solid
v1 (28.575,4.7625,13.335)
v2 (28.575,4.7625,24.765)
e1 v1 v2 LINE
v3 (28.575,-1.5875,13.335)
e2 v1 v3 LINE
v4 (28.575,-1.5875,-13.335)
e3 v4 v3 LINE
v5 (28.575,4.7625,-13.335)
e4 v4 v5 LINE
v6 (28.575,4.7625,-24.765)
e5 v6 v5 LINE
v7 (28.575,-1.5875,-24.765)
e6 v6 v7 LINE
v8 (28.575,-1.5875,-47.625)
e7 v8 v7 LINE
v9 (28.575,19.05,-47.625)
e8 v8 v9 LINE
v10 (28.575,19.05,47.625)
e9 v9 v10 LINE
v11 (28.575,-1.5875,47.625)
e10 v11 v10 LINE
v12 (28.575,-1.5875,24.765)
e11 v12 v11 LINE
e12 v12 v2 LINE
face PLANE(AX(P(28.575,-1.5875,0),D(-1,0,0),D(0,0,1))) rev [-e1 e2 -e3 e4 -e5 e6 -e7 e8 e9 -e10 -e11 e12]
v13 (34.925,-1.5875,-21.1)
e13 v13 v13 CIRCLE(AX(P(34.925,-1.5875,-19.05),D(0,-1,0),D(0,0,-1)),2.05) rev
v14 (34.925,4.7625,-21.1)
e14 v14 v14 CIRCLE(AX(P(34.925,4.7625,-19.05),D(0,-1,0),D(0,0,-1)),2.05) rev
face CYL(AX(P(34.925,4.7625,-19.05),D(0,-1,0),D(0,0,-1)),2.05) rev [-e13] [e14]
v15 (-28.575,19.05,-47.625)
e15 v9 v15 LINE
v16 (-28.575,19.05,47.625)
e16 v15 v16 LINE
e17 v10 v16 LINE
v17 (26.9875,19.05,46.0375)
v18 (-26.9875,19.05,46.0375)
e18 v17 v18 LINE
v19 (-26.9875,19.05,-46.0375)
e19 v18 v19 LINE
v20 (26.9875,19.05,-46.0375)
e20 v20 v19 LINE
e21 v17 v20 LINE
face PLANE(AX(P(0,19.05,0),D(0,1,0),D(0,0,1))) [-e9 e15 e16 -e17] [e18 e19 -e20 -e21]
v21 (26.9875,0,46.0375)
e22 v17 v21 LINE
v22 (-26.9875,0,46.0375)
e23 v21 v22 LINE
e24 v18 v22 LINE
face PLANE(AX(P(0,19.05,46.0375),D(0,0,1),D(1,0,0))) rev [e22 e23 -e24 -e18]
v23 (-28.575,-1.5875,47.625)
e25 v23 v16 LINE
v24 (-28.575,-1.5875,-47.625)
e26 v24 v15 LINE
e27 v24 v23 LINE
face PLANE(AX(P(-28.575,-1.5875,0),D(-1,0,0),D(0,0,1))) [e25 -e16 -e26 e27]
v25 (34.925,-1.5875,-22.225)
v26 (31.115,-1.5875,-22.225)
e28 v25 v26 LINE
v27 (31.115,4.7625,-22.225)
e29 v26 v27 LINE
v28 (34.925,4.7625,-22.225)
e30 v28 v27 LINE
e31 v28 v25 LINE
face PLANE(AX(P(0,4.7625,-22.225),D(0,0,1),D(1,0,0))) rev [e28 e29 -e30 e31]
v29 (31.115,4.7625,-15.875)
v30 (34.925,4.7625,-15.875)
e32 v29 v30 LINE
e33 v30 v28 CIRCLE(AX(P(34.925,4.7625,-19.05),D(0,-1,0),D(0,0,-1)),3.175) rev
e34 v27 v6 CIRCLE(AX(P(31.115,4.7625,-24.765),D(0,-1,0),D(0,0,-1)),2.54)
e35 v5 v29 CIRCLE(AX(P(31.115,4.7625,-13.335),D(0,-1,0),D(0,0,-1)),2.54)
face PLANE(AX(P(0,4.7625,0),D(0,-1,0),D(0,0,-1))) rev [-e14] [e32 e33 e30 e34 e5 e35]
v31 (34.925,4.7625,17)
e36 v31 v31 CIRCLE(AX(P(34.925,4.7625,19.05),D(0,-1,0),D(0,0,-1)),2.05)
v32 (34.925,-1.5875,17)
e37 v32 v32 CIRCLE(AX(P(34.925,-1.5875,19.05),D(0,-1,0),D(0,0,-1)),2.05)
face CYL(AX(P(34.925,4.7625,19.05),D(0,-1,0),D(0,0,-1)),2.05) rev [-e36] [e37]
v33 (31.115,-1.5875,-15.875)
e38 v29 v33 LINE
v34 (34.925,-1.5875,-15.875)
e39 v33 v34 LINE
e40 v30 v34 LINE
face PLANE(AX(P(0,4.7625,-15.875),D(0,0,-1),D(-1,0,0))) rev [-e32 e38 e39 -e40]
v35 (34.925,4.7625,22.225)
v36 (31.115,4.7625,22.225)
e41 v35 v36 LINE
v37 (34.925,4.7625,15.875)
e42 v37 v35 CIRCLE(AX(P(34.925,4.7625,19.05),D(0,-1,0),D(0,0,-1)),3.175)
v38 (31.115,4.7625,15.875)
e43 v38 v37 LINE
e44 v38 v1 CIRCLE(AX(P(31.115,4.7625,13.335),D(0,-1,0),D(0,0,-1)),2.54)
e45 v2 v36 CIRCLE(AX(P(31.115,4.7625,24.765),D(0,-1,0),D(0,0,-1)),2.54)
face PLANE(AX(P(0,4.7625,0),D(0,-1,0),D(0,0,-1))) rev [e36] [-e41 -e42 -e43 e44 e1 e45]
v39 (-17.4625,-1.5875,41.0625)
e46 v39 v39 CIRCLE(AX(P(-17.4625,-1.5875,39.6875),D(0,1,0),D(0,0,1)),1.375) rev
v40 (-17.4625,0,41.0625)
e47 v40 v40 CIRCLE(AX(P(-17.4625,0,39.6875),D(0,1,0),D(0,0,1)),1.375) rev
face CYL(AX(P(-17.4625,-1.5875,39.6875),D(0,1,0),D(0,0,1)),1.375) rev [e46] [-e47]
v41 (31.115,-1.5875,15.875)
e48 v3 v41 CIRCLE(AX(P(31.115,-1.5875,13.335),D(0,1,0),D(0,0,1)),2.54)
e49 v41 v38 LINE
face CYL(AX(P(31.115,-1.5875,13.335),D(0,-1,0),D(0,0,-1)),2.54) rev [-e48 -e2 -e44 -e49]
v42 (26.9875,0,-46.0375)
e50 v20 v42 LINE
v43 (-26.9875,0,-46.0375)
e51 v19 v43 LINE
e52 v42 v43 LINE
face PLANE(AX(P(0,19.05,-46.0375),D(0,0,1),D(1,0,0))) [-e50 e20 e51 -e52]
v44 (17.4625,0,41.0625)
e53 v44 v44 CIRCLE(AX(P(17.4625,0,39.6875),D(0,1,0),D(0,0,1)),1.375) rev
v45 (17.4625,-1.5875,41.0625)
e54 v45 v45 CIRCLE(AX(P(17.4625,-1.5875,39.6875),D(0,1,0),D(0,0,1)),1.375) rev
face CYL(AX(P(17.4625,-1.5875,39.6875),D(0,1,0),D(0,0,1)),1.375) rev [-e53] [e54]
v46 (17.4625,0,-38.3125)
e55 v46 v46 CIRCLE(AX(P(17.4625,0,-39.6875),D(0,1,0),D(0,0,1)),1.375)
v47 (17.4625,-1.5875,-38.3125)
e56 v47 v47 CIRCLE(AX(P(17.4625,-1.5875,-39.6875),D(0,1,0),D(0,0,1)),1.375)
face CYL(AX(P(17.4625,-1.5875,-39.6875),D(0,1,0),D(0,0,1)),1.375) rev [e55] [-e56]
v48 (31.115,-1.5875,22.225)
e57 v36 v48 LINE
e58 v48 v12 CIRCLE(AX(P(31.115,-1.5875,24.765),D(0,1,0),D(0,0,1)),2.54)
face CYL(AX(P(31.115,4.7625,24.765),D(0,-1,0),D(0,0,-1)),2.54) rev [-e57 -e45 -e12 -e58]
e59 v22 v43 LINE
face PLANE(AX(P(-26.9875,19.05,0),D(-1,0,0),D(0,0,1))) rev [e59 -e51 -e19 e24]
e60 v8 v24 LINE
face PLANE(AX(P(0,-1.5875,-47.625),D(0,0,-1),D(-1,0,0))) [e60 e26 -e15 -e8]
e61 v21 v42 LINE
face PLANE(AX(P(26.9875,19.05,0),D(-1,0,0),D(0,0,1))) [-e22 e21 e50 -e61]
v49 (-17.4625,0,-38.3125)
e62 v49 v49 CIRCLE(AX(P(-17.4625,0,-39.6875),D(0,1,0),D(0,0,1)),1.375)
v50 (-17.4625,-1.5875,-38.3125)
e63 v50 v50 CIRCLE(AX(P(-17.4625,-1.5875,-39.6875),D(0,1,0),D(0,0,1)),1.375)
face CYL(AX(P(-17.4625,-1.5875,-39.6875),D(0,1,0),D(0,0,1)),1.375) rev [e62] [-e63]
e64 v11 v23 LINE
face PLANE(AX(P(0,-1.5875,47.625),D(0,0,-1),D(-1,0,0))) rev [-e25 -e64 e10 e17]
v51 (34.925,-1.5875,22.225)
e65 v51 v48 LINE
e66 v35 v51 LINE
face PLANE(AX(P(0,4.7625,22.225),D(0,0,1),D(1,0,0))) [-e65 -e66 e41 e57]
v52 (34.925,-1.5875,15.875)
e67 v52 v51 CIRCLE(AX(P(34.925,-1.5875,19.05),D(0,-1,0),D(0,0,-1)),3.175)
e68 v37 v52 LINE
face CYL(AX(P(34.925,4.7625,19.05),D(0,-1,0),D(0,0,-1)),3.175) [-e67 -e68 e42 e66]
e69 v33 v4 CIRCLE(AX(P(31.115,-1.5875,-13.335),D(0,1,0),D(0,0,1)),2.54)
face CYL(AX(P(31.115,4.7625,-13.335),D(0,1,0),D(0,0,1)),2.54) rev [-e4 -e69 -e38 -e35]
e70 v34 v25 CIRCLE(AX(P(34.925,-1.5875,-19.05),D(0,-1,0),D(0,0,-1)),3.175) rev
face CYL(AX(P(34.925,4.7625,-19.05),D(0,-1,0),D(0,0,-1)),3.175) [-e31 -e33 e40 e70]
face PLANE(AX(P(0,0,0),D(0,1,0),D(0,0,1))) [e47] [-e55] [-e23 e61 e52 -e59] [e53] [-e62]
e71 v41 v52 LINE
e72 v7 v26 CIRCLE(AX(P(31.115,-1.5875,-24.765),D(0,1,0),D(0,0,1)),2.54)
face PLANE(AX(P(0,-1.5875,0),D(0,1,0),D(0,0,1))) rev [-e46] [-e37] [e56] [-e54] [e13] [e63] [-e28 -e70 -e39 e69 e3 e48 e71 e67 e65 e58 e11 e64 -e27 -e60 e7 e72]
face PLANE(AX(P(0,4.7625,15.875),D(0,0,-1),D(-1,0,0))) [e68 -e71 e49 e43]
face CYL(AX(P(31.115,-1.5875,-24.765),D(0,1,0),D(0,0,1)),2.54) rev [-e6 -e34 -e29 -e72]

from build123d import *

# Parameters (mm, degrees)
SKETCH1_W           = 57.15
SKETCH1_H           = 95.25
SKETCH1_R           = 1.375
BOSS_EXTRUDE1_DEPTH = 1.5875
SKETCH1_3_W         = 57.15
SKETCH1_3_H         = 95.25
BOSS_EXTRUDE2_DEPTH = 19.05
SKETCH3_R           = 2.05
BOSS_EXTRUDE5_DEPTH = 6.35
FILLET1_R           = 2.54


with BuildPart() as part:
    # Sketch1 → Boss-Extrude1 (new body)
    with BuildSketch(Plane(origin=(0, 0, 0), x_dir=(1, 0, 0), z_dir=(0, 1, 0))):
        Rectangle(SKETCH1_W, SKETCH1_H)
        with Locations((-17.4625, -39.6875)):
            Circle(SKETCH1_R, mode=Mode.SUBTRACT)
        with Locations((17.4625, -39.6875)):
            Circle(SKETCH1_R, mode=Mode.SUBTRACT)
        with Locations((-17.4625, 39.6875)):
            Circle(SKETCH1_R, mode=Mode.SUBTRACT)
        with Locations((17.4625, 39.6875)):
            Circle(SKETCH1_R, mode=Mode.SUBTRACT)
    extrude(amount=-BOSS_EXTRUDE1_DEPTH)

    # Sketch1<3> → Boss-Extrude2 (add)
    with BuildSketch(Plane(origin=(0, 0, 0), x_dir=(1, 0, 0), z_dir=(0, 1, 0))):
        Rectangle(SKETCH1_3_W, SKETCH1_3_H)
        Polygon((26.9875, 0), (26.9875, -46.0375), (-26.9875, -46.0375), (-26.9875, 46.0375), (26.9875, 46.0375), align=None, mode=Mode.SUBTRACT)
    extrude(amount=BOSS_EXTRUDE2_DEPTH)

    # Sketch3 → Boss-Extrude5 (add)
    # profile 1 of 2: a face of its own
    with BuildSketch(Plane.XZ.offset(1.5875)):
        with BuildLine():
            Line((28.575, 15.875), (34.925, 15.875))
            ThreePointArc((34.925, 15.875), (38.1, 19.05), (34.925, 22.225))
            Line((34.925, 22.225), (28.575, 22.225))
            Line((28.575, 22.225), (28.575, 15.875))
        make_face()
        with Locations((34.925, 19.05)):
            Circle(SKETCH3_R, mode=Mode.SUBTRACT)
    # profile 2 of 2: a face of its own
    with BuildSketch(Plane.XZ.offset(1.5875)):
        with BuildLine():
            Line((34.925, -15.875), (28.575, -15.875))
            Line((28.575, -15.875), (28.575, -22.225))
            Line((28.575, -22.225), (34.925, -22.225))
            ThreePointArc((34.925, -22.225), (38.1, -19.05), (34.925, -15.875))
        make_face()
        with Locations((34.925, -19.05)):
            Circle(SKETCH3_R, mode=Mode.SUBTRACT)
    extrude(amount=-BOSS_EXTRUDE5_DEPTH)

    # Fillet1
    fillet1_edges = [part.edges().sort_by_distance(p)[0] for p in [
        (28.575, 1.5875, -22.225),
        (28.575, 1.5875, -15.875),
        (28.575, 1.5875, 15.875),
        (28.575, 1.5875, 22.225),
    ]]
    fillet(fillet1_edges, radius=FILLET1_R)


solid = part.part
